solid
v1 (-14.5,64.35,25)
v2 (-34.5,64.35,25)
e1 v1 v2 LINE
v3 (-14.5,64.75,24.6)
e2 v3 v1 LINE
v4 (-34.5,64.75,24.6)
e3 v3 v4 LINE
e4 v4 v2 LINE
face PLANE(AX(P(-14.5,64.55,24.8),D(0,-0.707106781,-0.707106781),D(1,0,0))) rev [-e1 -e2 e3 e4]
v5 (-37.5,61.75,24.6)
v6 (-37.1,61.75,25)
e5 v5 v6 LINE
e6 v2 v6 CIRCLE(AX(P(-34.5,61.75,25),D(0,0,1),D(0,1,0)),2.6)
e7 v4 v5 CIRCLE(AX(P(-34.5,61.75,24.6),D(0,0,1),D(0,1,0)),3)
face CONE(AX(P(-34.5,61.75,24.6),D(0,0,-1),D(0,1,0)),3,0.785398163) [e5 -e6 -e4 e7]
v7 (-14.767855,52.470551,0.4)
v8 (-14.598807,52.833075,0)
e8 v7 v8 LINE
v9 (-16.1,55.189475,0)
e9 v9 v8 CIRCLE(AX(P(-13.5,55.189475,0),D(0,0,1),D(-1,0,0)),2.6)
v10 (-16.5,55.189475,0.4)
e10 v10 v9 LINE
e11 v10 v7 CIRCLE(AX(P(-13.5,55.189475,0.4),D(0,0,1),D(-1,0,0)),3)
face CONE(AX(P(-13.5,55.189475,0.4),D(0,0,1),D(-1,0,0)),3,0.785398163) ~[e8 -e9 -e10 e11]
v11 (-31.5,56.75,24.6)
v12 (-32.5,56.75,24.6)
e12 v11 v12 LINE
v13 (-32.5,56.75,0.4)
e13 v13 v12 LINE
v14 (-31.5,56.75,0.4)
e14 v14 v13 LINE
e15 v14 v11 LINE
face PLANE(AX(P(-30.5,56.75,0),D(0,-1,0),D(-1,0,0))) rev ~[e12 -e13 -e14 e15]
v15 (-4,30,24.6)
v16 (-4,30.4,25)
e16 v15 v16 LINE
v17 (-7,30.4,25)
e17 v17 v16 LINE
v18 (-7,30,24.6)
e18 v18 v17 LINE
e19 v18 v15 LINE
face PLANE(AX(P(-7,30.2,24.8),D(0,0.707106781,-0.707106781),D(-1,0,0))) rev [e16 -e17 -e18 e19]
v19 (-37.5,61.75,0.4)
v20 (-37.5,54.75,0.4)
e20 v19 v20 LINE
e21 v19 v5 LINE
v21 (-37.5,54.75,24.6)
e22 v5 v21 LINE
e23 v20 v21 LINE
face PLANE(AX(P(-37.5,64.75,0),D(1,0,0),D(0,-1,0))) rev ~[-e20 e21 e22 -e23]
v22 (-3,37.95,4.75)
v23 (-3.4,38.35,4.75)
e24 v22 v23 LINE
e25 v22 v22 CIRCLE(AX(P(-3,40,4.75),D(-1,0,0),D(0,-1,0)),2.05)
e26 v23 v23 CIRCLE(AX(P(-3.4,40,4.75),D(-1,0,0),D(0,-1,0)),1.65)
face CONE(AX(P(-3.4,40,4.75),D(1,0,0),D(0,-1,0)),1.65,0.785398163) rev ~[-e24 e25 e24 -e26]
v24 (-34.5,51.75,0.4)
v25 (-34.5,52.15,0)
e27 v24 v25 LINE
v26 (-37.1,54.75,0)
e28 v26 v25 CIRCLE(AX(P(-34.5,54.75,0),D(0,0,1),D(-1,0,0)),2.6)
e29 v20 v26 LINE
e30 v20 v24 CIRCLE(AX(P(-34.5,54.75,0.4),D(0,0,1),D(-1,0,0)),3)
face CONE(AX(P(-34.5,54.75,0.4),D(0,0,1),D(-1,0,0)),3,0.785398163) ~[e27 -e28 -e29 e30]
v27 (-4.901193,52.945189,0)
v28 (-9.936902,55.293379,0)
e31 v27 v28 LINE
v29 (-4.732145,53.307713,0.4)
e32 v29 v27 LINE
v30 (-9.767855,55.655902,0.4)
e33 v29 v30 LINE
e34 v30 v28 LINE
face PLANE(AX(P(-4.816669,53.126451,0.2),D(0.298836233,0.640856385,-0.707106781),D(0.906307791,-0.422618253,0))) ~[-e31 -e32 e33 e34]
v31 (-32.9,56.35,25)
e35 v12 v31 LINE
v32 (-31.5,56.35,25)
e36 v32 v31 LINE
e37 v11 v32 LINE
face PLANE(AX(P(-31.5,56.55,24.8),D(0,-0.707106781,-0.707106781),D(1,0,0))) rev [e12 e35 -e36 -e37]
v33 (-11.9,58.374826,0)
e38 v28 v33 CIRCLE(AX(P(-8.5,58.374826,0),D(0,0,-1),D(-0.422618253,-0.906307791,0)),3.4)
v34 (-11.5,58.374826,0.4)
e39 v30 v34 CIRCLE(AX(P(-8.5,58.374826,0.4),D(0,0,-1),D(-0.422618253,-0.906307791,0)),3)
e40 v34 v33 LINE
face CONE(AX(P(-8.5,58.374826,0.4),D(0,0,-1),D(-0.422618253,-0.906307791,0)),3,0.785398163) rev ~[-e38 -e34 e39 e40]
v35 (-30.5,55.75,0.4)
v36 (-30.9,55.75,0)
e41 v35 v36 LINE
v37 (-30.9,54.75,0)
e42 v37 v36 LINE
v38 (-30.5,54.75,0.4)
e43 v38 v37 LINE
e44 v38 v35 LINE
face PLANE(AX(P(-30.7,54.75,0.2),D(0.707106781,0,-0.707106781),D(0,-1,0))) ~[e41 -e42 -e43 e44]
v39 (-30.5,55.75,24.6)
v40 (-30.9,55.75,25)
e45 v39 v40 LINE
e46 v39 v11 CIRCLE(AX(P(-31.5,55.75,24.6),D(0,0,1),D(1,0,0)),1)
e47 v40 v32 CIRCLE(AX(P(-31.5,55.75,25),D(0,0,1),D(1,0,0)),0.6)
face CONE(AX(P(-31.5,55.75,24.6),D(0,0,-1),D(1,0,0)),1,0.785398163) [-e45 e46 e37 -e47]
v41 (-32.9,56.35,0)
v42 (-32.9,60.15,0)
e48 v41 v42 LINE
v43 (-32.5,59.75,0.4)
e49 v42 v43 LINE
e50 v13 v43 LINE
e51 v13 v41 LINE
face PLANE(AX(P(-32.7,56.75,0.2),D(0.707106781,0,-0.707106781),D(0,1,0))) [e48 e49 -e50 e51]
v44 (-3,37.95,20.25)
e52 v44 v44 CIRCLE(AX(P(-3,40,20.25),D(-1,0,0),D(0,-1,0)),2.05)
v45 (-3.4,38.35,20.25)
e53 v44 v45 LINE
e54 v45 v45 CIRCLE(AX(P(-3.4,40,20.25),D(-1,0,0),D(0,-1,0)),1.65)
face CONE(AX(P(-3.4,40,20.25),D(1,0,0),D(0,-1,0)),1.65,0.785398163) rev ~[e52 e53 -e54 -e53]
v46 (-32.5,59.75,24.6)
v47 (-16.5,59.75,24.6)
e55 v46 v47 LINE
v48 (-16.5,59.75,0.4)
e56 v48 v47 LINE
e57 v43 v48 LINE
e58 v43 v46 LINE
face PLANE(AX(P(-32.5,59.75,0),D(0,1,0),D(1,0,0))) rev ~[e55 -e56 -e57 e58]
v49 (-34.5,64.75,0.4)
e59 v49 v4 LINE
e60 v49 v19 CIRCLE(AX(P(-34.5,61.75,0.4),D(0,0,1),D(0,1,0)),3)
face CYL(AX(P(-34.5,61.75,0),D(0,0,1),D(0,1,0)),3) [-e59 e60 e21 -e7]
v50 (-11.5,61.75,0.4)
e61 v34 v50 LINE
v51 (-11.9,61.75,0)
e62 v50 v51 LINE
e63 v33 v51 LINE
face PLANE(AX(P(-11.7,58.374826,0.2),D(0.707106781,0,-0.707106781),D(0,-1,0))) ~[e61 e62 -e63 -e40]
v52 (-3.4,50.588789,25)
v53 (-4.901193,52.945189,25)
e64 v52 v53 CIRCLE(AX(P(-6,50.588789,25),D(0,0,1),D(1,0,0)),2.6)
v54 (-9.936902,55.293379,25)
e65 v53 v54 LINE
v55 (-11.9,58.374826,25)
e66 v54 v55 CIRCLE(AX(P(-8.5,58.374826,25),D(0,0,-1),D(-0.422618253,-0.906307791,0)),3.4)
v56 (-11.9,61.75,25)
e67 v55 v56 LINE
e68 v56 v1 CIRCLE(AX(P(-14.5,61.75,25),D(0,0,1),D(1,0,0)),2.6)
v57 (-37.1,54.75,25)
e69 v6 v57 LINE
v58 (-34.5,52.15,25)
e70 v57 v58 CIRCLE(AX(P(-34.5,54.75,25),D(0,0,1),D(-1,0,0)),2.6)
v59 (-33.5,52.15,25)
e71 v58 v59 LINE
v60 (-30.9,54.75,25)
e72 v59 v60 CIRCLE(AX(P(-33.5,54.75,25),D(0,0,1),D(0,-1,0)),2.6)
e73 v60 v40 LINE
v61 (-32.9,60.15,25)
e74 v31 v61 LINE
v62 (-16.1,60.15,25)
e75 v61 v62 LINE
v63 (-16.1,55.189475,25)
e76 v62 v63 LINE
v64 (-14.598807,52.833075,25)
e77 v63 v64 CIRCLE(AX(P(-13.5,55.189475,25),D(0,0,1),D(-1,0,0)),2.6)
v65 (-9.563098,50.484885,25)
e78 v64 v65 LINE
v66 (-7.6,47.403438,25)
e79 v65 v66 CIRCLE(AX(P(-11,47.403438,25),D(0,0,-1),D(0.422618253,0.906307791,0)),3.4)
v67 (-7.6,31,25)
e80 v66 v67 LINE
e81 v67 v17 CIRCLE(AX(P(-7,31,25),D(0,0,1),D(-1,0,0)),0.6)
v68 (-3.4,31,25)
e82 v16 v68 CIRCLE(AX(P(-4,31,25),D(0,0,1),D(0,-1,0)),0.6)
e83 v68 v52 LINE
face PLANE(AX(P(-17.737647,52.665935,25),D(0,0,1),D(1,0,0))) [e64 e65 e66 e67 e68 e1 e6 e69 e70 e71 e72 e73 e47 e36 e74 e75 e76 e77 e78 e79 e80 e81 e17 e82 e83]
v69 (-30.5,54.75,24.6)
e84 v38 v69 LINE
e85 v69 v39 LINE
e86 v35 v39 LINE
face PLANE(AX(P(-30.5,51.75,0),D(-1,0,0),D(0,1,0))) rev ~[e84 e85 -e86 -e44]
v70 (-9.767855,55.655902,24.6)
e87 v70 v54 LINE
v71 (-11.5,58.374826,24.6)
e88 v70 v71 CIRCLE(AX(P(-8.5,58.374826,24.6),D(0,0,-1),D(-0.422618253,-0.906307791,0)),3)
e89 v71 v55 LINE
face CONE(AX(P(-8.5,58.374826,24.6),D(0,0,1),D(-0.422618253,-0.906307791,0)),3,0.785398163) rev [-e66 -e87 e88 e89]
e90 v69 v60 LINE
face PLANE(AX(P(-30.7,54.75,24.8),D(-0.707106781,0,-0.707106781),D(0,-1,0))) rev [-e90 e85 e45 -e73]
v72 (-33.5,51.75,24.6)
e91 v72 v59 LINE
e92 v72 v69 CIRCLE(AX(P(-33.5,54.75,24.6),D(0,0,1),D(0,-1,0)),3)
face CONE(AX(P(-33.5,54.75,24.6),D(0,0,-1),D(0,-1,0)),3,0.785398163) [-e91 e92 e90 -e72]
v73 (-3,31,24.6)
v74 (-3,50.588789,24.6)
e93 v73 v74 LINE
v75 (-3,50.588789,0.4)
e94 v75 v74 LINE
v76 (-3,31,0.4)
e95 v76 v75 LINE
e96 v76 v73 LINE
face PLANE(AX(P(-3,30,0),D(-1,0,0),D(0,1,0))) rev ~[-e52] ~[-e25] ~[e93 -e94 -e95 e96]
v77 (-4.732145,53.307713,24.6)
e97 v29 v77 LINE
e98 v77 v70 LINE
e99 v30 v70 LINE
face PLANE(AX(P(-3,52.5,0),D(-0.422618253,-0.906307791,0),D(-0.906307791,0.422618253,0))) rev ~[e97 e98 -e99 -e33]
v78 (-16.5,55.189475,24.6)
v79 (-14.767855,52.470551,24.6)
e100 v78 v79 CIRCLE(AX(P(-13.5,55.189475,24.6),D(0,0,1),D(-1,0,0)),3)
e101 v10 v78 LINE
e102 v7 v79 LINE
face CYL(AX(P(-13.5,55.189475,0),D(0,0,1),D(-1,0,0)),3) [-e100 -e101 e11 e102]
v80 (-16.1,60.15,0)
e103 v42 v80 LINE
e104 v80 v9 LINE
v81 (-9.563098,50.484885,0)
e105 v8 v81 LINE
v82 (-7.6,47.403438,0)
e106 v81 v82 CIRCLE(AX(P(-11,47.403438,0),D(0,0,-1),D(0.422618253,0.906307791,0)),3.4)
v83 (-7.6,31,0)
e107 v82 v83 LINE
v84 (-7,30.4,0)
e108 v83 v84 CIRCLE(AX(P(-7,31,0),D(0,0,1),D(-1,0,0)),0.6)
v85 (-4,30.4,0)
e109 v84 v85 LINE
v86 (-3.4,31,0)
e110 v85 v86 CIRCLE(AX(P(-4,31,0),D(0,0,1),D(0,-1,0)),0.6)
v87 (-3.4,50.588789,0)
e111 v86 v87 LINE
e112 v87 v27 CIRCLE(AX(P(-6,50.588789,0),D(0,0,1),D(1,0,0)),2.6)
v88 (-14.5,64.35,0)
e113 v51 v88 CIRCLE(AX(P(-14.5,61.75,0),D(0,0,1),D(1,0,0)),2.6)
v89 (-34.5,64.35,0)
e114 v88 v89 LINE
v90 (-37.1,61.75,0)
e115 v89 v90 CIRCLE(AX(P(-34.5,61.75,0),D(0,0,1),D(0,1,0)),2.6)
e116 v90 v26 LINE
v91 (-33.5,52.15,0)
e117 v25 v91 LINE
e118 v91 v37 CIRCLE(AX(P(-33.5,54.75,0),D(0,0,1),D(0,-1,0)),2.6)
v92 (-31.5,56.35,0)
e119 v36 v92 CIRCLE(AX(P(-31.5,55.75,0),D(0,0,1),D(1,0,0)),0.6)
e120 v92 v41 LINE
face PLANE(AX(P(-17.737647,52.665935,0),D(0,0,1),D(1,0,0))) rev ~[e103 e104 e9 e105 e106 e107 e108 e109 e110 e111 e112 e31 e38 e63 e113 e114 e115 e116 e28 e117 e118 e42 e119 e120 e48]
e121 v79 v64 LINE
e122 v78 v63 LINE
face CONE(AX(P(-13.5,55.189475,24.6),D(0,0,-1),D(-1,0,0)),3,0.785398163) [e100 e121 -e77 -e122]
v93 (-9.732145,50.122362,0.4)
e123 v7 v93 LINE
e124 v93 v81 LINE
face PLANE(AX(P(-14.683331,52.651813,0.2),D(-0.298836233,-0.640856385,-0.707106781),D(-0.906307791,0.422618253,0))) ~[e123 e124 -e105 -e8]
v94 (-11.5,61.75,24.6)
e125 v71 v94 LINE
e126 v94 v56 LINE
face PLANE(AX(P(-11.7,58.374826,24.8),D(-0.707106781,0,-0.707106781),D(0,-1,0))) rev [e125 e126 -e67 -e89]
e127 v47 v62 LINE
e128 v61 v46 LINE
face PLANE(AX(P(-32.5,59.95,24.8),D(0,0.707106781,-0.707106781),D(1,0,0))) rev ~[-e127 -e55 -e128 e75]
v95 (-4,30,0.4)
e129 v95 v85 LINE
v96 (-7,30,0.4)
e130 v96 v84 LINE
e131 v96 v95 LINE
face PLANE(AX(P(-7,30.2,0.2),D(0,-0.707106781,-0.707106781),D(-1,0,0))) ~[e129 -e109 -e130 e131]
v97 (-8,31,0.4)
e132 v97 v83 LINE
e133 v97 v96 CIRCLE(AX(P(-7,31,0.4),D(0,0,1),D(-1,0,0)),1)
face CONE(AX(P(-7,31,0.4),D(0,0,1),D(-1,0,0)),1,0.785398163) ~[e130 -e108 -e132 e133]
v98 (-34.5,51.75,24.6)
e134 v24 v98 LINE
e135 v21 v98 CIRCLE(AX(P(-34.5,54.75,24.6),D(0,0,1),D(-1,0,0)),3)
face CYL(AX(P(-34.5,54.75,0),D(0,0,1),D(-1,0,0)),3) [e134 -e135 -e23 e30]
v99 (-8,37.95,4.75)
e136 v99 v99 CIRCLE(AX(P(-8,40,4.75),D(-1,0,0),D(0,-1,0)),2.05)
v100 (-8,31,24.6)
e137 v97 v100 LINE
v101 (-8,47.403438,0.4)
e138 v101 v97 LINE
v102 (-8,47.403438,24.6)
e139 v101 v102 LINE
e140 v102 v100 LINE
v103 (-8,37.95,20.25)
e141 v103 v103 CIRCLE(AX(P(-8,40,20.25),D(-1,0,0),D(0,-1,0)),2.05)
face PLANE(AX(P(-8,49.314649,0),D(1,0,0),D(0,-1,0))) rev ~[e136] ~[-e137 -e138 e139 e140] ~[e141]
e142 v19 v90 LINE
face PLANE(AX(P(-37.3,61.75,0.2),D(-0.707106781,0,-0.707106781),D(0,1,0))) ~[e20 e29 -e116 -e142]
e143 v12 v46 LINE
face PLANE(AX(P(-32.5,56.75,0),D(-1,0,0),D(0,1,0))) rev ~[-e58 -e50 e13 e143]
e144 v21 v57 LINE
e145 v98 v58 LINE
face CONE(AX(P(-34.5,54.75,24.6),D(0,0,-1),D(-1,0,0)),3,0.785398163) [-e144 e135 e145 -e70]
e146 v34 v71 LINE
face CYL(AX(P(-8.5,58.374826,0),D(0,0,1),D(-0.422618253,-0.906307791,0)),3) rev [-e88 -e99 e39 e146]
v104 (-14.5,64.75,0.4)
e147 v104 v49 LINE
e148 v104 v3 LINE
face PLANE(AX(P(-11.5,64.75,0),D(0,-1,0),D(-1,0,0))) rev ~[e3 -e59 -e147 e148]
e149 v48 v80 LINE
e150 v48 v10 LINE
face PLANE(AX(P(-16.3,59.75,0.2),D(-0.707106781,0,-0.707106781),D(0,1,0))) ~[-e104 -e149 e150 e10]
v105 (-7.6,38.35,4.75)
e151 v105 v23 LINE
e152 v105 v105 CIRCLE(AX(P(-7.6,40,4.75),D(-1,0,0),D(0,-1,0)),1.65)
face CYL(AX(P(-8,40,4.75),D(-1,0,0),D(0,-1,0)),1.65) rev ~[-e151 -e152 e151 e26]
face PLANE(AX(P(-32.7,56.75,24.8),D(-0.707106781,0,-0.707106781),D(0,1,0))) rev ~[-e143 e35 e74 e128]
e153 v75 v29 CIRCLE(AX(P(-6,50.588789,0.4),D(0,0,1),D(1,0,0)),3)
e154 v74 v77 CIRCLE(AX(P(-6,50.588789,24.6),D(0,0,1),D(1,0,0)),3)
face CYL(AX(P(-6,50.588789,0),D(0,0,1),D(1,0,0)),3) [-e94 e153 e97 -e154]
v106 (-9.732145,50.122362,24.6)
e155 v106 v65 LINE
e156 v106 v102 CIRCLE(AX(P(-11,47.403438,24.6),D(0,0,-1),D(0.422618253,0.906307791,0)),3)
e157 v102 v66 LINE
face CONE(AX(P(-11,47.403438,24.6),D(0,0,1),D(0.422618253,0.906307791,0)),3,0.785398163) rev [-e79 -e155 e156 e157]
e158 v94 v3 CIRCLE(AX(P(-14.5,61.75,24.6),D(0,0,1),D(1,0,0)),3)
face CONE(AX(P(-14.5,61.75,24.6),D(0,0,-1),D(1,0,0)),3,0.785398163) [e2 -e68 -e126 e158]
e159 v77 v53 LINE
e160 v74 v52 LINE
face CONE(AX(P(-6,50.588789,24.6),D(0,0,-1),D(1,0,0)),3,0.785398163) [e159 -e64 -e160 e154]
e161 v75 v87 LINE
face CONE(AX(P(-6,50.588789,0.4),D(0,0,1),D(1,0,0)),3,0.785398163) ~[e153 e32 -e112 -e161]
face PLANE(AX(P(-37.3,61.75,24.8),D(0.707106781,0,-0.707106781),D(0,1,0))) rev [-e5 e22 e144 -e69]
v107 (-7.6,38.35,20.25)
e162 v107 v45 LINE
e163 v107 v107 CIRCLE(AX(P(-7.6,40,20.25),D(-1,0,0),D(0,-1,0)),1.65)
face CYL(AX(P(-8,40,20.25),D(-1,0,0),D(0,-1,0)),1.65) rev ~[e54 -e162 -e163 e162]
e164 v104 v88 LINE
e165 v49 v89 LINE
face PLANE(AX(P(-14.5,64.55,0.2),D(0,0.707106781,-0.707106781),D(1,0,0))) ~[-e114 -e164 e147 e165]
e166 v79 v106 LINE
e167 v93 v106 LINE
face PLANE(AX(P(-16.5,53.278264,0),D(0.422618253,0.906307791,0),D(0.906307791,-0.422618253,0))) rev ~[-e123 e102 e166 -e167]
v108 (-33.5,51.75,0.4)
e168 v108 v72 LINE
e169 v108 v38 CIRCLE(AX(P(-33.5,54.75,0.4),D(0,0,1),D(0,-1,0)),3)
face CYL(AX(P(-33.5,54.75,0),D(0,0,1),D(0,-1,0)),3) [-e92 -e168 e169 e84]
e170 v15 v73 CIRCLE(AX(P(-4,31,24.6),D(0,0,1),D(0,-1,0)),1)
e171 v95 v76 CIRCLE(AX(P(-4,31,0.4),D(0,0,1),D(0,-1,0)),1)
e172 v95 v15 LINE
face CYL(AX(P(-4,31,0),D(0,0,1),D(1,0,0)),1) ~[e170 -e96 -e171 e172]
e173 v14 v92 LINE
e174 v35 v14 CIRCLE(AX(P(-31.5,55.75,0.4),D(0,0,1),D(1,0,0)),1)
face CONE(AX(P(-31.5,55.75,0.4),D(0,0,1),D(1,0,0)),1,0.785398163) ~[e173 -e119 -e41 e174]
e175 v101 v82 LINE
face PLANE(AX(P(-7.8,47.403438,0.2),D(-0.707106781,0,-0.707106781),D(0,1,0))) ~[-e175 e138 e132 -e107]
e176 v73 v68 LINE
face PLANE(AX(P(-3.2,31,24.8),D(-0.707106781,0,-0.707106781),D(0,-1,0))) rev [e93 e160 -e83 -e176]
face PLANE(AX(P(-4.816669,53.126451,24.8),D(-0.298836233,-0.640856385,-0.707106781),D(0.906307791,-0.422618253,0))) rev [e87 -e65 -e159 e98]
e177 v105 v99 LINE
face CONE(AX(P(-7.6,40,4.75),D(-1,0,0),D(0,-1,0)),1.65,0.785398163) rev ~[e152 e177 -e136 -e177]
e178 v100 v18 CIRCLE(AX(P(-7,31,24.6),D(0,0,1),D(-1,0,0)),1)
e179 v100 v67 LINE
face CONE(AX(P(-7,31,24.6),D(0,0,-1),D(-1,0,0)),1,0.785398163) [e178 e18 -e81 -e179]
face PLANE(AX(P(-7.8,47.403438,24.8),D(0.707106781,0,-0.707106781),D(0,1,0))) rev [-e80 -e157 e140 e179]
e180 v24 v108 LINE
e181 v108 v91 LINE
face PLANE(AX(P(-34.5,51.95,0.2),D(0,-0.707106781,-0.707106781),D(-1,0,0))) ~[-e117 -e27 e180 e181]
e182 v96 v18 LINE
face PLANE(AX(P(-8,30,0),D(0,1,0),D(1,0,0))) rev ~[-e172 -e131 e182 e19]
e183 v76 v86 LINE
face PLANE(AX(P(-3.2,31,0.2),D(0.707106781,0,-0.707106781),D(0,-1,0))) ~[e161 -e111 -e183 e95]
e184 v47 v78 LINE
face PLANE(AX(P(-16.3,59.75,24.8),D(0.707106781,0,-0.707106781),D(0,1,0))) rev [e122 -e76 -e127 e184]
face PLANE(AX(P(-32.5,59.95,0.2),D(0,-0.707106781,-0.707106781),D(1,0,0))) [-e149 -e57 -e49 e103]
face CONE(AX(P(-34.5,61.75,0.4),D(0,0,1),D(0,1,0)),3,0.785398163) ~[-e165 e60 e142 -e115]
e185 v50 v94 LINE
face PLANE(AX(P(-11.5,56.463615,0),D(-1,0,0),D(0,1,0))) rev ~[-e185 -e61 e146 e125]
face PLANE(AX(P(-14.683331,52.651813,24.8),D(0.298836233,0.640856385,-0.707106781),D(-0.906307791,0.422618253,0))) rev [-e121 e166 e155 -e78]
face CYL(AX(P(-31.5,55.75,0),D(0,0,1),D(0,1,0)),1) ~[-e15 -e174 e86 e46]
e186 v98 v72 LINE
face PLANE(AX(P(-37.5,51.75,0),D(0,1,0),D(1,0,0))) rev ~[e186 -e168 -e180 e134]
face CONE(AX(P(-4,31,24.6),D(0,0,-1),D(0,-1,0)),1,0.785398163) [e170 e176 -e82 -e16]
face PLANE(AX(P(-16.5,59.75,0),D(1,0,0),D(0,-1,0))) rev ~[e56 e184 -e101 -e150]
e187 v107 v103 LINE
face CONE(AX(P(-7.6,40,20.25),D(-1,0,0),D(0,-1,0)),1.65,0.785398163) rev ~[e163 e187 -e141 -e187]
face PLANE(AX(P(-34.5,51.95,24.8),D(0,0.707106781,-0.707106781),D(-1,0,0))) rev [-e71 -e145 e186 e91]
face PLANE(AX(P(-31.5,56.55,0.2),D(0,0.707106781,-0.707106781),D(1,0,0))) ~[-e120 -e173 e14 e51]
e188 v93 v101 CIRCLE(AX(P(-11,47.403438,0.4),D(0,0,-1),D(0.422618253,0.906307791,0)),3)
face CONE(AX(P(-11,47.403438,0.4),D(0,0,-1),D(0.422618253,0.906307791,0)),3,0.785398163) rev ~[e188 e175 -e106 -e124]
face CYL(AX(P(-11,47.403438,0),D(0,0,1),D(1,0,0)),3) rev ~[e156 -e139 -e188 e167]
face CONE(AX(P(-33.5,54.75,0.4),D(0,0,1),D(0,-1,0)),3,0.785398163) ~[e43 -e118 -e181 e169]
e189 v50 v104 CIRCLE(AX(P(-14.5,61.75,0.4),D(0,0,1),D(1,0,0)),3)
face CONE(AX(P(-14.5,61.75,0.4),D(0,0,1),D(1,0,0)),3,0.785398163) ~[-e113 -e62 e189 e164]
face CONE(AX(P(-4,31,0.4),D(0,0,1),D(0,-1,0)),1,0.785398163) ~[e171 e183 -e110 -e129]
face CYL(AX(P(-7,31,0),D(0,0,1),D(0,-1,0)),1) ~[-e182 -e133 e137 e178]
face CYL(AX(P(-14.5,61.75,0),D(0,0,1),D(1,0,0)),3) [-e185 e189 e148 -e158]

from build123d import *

# Parameters (mm, degrees)
PAD008_DEPTH       = 25
SKETCH034_R        = 1.65
POCKET024_DEPTH    = 5.001
FILLET007_R        = 3
FILLET008_R        = 1
CHAMFER011007_SIZE = 0.4


with BuildPart() as part:
    # Sketch033 → Pad008 (new body)
    with BuildSketch(Plane.XY):
        Polygon((0, -10), (0, 12.5), (-8.5, 16.463615), (-8.5, 24.75), (-34.5, 24.75), (-34.5, 11.75), (-27.5, 11.75), (-27.5, 16.75), (-29.5, 16.75), (-29.5, 19.75), (-13.5, 19.75), (-13.5, 13.278264), (-5, 9.314649), (-5, -10), align=None)
    extrude(amount=PAD008_DEPTH)

    # Sketch034 (on Face13 of Pad008) → Pocket024 (cut, through all)
    with BuildSketch(Plane(origin=(-5, 0, 0), x_dir=(0, -1, 0), z_dir=(-1, 0, 0))):
        with Locations((0, 20.25)):
            Circle(SKETCH034_R)
        with Locations((0, 4.75)):
            Circle(SKETCH034_R)
    extrude(amount=-POCKET024_DEPTH, mode=Mode.SUBTRACT)

    # Fillet007
    fillet007_edges = [part.edges().sort_by_distance(p)[0] for p in [
        (0, 12.5, 12.5),
        (-8.5, 16.463615, 12.5),
        (-8.5, 24.75, 12.5),
        (-34.5, 24.75, 12.5),
        (-27.5, 11.75, 12.5),
        (-34.5, 11.75, 12.5),
        (-13.5, 13.278264, 12.5),
        (-5, 9.314649, 12.5),
    ]]
    fillet(fillet007_edges, radius=FILLET007_R)

    # Fillet008
    fillet008_edges = [part.edges().sort_by_distance(p)[0] for p in [
        (-27.5, 16.75, 12.5),
        (0, -10, 12.5),
        (-5, -10, 12.5),
    ]]
    fillet(fillet008_edges, radius=FILLET008_R)

    # Chamfer011007
    chamfer011007_edges = [part.edges().sort_by_distance(p)[0] for p in [
        (0, 0.794395, 0),
        (-0.292893, -9.707107, 0),
        (-0.469826, 12.200688, 0),
        (-2.5, -10, 0),
        (-4.25, 14.481808, 0),
        (-4.707107, -9.707107, 0),
        (-8.030174, 16.762927, 0),
        (-5, -0.798281, 0),
        (-8.5, 20.062413, 0),
        (-5.469826, 9.015337, 0),
        (-9.37868, 23.87132, 0),
        (-9.25, 11.296456, 0),
        (-21.5, 24.75, 0),
        (-13.030174, 13.577576, 0),
        (-33.62132, 23.87132, 0),
        (-13.5, 17.469737, 0),
        (-34.5, 18.25, 0),
        (-21.5, 19.75, 0),
        (-33.62132, 12.62868, 0),
        (-29.5, 18.25, 0),
        (-31, 11.75, 0),
        (-29, 16.75, 0),
        (-28.37868, 12.62868, 0),
        (-27.792893, 16.457107, 0),
        (-27.5, 15.25, 0),
        (-5, 1.65, 4.75),
        (-5, 1.65, 20.25),
        (0, 0.794395, 25),
        (-0.292893, -9.707107, 25),
        (-0.469826, 12.200688, 25),
        (-2.5, -10, 25),
        (-4.25, 14.481808, 25),
        (-4.707107, -9.707107, 25),
        (-8.030174, 16.762927, 25),
        (-5, -0.798281, 25),
        (-8.5, 20.062413, 25),
        (-5.469826, 9.015337, 25),
        (-9.37868, 23.87132, 25),
        (-9.25, 11.296456, 25),
        (-21.5, 24.75, 25),
        (-13.030174, 13.577576, 25),
        (-33.62132, 23.87132, 25),
        (-13.5, 17.469737, 25),
        (-34.5, 18.25, 25),
        (-21.5, 19.75, 25),
        (-33.62132, 12.62868, 25),
        (-29.5, 18.25, 25),
        (-31, 11.75, 25),
        (-29, 16.75, 25),
        (-28.37868, 12.62868, 25),
        (-27.792893, 16.457107, 25),
        (-27.5, 15.25, 25),
        (0, 1.65, 20.25),
        (0, 1.65, 4.75),
    ]]
    chamfer(chamfer011007_edges, length=CHAMFER011007_SIZE)


with BuildPart() as part_1:
    # Body006009 placement: moved
    add(part.part.moved(Location((-3, 40, 0))))


solid = part_1.part
